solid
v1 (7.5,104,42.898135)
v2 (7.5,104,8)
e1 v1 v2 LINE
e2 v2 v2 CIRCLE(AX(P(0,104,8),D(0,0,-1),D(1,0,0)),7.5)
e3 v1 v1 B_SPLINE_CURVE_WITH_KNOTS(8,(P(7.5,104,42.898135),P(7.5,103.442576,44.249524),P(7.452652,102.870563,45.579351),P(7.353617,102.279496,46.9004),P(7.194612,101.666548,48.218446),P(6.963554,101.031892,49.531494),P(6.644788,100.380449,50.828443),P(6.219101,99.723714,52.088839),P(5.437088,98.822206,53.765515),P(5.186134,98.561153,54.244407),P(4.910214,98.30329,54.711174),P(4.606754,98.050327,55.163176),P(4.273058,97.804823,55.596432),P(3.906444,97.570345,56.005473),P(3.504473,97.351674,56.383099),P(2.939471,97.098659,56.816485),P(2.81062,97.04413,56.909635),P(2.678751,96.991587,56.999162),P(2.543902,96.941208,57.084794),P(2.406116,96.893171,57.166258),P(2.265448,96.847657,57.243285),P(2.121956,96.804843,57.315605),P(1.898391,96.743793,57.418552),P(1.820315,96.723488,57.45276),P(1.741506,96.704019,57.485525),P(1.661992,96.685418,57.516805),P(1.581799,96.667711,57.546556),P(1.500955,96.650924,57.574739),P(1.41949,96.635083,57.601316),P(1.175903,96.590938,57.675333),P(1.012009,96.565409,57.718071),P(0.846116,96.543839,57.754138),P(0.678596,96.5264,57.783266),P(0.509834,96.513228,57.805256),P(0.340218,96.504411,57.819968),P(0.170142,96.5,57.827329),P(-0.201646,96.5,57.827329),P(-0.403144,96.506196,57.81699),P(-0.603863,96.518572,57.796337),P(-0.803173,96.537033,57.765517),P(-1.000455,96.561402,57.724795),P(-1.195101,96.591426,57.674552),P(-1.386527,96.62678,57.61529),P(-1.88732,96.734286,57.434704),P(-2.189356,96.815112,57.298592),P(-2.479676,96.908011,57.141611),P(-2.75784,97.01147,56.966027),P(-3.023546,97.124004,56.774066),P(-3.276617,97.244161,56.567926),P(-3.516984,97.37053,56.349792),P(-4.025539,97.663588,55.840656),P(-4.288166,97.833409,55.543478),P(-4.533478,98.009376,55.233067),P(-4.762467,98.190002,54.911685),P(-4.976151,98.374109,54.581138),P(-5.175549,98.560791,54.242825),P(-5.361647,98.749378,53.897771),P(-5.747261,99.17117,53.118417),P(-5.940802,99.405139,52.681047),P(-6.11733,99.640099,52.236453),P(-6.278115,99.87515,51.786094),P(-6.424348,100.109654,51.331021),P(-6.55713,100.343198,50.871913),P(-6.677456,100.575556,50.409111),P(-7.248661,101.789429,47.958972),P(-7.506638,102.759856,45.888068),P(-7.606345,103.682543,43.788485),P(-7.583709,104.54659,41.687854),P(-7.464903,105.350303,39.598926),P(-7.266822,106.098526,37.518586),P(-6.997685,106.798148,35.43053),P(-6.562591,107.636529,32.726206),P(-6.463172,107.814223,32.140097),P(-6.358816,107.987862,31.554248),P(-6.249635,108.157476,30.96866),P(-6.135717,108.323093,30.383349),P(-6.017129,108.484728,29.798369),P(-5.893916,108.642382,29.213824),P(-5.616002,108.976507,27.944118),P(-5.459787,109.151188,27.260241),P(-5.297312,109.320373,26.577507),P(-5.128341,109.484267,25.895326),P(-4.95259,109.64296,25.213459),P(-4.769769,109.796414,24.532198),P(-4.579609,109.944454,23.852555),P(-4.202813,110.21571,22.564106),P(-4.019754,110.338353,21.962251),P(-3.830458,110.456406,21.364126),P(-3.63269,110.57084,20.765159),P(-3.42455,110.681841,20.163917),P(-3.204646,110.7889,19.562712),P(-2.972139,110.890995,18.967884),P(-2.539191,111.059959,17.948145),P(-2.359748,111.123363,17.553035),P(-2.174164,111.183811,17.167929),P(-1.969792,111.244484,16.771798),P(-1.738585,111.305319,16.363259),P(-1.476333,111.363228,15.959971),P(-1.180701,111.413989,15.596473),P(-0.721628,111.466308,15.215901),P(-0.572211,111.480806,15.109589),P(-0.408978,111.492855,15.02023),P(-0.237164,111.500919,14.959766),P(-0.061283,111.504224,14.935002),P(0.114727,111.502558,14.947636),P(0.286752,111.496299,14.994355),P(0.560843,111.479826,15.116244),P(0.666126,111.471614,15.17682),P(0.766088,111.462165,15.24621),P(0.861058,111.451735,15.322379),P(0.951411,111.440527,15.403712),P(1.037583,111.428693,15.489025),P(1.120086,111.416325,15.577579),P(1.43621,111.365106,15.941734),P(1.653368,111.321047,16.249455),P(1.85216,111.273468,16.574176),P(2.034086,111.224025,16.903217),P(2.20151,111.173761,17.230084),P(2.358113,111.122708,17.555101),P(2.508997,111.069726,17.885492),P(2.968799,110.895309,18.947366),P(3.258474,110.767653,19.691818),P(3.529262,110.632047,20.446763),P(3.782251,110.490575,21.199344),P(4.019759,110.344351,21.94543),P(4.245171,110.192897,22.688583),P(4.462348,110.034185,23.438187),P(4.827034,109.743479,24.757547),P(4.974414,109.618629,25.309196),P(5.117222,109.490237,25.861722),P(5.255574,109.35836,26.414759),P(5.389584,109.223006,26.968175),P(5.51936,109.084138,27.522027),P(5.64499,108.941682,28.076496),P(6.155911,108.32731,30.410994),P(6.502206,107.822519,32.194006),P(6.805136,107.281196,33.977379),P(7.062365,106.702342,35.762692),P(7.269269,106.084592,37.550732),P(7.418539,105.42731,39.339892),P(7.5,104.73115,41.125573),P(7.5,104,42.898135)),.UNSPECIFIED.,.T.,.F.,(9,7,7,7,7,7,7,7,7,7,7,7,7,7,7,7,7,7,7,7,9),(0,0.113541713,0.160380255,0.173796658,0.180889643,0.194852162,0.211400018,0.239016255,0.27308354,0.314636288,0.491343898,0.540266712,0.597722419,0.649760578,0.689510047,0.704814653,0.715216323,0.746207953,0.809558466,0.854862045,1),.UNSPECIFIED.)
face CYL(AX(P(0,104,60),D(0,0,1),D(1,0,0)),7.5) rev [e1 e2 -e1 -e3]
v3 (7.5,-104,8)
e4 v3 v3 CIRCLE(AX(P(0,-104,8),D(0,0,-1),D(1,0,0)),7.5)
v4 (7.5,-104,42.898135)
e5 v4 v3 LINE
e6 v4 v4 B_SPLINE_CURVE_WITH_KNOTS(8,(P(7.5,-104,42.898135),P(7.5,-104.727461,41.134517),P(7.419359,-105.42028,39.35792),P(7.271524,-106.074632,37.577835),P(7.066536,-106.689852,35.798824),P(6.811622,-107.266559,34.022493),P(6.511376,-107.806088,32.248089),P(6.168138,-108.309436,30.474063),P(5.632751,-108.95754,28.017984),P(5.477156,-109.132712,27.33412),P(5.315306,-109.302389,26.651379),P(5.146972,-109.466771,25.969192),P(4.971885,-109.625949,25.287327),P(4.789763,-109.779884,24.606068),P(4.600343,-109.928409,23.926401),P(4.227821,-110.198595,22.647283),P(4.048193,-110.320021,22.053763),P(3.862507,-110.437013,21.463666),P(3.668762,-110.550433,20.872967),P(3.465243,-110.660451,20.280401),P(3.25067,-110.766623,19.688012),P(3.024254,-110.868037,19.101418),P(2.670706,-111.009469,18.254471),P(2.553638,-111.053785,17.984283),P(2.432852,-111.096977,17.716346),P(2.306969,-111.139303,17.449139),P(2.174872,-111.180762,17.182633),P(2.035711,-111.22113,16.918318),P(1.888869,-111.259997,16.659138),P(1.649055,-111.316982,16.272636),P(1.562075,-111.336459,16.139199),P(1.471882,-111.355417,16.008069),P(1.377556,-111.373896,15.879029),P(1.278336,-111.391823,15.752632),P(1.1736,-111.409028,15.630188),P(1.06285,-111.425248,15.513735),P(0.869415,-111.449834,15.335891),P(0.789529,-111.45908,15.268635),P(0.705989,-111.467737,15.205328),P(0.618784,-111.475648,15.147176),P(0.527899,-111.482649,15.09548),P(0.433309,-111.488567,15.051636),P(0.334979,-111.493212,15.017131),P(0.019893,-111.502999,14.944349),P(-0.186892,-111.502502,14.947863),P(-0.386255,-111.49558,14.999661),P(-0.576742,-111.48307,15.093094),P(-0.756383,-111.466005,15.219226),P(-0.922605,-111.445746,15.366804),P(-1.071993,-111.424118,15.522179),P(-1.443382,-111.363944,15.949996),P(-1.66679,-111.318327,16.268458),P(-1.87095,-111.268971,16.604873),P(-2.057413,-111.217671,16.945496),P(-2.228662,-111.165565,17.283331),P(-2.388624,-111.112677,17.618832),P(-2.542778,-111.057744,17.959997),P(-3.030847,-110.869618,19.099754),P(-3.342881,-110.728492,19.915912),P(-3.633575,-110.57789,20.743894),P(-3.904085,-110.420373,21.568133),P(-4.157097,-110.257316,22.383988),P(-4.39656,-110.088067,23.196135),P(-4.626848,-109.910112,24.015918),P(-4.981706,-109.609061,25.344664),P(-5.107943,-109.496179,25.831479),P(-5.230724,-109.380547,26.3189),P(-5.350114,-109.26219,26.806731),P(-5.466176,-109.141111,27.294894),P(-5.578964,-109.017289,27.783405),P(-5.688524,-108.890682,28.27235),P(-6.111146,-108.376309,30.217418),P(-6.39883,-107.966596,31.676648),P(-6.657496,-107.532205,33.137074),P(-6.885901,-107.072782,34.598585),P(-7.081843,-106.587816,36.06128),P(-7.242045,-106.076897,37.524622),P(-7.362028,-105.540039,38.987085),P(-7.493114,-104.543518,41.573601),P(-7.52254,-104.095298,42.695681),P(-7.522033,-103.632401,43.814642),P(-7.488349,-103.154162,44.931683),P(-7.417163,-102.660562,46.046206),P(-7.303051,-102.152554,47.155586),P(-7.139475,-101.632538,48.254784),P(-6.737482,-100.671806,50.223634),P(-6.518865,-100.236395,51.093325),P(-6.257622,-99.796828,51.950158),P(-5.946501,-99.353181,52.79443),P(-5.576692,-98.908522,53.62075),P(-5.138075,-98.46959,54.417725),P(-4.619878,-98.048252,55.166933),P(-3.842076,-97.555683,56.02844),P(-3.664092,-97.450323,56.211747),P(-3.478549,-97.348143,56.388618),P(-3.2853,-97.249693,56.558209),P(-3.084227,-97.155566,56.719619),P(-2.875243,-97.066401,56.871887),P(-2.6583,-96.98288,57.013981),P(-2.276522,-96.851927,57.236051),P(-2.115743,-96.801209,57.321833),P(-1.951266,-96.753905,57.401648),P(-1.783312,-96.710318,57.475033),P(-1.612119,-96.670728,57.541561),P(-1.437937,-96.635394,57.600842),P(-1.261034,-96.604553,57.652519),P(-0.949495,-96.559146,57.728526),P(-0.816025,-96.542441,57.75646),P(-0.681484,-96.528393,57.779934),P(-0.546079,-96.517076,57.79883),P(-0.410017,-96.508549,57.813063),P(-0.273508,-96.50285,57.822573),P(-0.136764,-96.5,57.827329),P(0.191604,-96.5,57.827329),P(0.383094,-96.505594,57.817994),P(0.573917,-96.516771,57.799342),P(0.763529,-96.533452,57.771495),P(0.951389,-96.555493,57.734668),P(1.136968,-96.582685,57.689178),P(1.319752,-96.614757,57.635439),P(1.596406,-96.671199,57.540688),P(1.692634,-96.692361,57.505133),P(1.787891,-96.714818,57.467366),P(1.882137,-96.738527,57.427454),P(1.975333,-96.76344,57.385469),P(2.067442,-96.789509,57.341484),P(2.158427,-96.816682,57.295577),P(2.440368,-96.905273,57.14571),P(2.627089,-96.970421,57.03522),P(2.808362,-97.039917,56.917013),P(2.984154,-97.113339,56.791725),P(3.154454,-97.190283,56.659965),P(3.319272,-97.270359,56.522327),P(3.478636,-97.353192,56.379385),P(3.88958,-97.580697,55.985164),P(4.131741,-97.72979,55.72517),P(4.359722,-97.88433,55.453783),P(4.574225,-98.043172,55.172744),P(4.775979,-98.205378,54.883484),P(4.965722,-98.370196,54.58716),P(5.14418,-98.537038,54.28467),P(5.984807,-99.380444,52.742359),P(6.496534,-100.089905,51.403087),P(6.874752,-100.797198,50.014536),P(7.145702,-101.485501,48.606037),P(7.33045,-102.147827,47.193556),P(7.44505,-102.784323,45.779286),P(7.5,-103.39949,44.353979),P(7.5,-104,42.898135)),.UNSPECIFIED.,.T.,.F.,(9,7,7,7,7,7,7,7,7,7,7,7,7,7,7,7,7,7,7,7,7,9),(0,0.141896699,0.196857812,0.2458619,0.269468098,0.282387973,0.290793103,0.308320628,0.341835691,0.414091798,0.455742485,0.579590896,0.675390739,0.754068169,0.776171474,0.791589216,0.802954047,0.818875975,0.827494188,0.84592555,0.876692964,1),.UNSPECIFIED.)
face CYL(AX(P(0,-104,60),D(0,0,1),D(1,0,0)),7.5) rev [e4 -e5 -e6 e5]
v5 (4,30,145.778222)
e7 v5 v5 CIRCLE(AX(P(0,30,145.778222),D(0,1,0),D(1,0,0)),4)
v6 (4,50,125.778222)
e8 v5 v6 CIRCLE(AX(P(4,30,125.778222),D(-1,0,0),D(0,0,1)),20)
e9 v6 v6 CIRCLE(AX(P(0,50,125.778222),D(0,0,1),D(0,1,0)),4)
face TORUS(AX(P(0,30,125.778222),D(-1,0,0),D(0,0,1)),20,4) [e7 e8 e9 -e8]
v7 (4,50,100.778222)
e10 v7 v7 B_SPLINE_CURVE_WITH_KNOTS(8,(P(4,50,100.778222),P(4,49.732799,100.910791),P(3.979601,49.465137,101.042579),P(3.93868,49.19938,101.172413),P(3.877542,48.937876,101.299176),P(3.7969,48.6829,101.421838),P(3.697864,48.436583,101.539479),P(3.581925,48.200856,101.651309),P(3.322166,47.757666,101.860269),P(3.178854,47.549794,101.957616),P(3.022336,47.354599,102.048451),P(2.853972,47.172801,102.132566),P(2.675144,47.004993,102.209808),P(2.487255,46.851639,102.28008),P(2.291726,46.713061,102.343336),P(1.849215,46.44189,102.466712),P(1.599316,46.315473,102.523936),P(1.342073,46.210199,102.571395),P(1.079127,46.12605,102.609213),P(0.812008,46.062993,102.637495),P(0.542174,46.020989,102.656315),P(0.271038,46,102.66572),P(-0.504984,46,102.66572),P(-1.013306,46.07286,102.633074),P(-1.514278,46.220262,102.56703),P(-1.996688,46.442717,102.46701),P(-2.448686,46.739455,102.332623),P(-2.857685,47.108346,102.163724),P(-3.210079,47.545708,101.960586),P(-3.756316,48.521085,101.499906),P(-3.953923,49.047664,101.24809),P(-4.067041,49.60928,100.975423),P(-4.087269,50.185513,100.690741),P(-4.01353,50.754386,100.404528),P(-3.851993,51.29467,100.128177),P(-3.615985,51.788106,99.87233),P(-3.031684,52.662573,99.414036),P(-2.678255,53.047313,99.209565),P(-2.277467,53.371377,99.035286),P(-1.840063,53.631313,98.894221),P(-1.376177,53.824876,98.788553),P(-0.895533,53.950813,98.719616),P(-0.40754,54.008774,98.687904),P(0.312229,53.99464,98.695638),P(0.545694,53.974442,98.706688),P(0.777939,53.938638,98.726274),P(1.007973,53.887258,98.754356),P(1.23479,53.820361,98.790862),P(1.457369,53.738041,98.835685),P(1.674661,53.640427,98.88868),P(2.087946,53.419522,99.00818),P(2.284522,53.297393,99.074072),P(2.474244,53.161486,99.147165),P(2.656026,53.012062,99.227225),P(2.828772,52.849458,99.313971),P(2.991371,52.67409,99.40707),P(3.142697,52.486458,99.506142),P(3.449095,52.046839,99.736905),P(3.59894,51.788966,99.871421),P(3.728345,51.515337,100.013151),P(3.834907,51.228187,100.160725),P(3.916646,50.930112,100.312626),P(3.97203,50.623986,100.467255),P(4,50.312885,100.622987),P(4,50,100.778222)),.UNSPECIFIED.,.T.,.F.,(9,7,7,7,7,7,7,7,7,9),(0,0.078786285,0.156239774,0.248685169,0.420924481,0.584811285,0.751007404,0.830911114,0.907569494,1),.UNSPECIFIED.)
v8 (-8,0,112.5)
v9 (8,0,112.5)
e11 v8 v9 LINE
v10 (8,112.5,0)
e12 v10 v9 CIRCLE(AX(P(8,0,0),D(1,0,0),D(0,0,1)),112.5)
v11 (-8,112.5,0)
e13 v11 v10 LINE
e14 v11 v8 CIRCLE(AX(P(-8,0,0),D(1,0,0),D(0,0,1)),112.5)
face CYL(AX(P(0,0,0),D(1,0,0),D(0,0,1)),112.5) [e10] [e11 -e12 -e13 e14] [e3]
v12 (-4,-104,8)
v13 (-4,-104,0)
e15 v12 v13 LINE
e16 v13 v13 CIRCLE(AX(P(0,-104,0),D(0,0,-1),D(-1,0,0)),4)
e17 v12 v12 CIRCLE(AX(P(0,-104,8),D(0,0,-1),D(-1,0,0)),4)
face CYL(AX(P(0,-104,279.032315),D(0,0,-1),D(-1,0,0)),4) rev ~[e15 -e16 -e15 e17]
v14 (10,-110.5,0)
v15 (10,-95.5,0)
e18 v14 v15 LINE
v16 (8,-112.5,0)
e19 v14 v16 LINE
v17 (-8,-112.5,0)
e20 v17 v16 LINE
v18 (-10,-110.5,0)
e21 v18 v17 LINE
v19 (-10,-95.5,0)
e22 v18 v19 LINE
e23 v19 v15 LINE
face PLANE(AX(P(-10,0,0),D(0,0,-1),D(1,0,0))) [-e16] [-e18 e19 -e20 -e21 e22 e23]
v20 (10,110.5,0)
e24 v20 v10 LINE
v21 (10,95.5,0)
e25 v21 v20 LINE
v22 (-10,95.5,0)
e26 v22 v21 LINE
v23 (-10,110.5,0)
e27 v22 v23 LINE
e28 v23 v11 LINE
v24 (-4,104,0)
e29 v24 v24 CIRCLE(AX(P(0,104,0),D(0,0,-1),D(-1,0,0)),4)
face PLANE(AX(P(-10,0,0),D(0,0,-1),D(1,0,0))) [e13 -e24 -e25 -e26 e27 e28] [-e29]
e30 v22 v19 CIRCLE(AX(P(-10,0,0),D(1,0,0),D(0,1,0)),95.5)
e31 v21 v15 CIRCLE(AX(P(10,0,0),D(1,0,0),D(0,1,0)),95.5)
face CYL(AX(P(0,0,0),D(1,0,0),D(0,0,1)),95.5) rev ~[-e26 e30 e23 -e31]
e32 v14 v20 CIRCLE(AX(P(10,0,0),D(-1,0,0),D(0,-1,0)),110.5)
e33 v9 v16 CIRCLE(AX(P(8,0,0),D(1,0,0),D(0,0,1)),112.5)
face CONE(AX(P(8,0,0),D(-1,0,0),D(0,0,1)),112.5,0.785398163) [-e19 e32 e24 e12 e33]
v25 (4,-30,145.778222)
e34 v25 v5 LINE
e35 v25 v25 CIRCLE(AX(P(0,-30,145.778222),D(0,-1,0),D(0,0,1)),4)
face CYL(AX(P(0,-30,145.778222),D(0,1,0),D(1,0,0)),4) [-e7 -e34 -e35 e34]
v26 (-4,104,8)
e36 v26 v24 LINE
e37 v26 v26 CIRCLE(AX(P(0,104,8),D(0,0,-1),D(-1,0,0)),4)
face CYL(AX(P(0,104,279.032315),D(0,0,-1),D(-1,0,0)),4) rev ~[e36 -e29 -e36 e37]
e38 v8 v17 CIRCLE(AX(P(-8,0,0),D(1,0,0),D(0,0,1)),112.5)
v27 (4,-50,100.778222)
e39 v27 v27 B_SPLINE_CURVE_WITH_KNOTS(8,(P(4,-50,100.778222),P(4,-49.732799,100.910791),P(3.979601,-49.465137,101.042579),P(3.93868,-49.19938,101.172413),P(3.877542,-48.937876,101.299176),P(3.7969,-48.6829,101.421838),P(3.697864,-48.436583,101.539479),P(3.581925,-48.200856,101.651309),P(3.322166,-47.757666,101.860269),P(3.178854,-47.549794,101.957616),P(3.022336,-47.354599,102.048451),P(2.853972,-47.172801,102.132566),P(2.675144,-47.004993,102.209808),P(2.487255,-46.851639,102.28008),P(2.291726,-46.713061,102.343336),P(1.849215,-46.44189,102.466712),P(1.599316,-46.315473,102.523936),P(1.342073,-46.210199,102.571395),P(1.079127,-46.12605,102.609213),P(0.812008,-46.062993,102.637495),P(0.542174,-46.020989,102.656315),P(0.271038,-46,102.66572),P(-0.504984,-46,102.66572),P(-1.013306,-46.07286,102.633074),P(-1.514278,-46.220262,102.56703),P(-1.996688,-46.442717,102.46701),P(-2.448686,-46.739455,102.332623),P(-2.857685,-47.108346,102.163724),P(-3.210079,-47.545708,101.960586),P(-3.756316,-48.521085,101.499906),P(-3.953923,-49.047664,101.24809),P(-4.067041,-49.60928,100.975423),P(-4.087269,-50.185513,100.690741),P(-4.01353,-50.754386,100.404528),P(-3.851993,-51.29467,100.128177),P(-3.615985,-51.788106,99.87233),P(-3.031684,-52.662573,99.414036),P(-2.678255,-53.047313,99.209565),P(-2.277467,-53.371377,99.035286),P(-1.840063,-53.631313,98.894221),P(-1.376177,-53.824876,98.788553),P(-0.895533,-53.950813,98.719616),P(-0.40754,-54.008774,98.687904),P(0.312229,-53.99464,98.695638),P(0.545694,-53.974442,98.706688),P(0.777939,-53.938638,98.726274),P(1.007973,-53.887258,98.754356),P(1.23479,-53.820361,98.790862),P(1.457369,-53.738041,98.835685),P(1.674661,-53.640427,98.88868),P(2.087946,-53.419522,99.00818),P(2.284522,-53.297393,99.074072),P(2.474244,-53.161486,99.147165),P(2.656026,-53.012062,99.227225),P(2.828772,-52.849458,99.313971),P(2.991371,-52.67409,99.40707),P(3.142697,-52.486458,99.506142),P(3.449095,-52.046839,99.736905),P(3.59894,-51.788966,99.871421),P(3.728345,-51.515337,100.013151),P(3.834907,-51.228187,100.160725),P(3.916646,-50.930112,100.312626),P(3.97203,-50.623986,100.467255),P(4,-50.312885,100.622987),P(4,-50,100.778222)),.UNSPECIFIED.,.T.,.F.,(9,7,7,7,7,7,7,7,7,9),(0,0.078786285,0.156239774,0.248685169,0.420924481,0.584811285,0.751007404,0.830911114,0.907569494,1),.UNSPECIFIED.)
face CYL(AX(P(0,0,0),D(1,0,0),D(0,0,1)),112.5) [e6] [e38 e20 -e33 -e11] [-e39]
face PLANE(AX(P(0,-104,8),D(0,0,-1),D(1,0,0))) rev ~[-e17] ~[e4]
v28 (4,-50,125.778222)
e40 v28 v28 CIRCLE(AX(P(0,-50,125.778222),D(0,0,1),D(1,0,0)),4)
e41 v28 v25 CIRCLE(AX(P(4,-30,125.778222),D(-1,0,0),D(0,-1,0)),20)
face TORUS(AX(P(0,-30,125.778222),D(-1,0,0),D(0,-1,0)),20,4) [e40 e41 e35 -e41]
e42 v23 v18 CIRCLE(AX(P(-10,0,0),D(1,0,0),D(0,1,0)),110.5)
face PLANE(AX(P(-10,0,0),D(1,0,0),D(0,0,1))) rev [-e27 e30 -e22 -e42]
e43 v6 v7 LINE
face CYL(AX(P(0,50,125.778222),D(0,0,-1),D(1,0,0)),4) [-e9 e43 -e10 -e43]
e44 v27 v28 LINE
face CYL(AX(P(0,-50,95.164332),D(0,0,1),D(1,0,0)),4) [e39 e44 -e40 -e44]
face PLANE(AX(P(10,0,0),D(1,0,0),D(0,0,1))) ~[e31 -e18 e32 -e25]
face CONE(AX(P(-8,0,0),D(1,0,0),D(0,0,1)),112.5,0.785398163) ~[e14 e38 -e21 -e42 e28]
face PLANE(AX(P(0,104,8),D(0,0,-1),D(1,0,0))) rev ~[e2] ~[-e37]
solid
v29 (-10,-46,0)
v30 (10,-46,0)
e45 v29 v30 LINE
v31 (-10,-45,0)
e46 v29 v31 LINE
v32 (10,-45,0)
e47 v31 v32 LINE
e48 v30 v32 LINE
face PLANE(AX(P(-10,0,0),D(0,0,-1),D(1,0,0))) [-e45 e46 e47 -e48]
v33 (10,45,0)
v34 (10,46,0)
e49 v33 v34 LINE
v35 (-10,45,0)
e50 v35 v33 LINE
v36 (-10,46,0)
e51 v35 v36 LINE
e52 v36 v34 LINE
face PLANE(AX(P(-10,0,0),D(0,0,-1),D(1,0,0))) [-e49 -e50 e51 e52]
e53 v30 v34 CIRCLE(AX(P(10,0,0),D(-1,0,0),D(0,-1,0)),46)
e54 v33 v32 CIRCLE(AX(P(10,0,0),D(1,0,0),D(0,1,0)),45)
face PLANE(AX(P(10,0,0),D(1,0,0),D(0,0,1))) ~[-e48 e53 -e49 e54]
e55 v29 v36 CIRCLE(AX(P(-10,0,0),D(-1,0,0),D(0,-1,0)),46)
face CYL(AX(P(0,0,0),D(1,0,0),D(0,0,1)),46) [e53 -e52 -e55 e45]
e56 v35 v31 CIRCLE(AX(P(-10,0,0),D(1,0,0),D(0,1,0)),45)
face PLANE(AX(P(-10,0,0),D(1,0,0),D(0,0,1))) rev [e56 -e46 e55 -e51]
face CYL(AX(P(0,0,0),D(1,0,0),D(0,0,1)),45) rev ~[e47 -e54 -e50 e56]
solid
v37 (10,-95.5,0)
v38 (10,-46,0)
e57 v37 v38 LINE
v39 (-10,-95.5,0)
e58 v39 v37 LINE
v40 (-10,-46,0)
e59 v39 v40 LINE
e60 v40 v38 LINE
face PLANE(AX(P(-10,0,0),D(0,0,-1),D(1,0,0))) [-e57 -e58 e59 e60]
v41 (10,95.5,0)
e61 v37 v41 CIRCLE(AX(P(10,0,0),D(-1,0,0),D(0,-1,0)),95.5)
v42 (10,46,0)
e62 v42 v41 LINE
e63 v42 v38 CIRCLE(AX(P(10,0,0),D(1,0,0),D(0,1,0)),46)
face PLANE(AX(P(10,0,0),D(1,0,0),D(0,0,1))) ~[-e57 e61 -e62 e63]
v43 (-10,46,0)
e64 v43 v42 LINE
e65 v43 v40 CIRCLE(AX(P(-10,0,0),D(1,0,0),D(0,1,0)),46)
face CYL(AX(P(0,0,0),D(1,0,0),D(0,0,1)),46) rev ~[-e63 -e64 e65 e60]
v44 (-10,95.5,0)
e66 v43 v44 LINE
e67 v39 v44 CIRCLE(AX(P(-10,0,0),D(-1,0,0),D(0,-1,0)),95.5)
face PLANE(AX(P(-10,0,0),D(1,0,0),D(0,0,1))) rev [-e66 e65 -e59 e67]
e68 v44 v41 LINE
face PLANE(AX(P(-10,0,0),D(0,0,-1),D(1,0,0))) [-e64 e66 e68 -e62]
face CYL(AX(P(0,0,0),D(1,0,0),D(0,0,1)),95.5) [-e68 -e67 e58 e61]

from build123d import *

# Parameters (mm, degrees)
F0_W           = 20
F0_H           = 1
F2_W           = 20
F2_H           = 49.5
F4_W           = 20
F4_H           = 17
F8_R           = 4
F10_SIZE       = 2
F11_W          = 20
F11_H          = 115
F12_DEPTH      = 112.5010001
F12_DEPTH_BACK = 112.5010001
F14_R          = 7.5
F15_DEPTH      = 52
F17_D          = 8


with BuildPart() as f1:
    # F0 (on Front) → F1 (revolve)
    with BuildSketch(Plane.XZ):
        with Locations((0, 45.5)):
            Rectangle(F0_W, F0_H)
    revolve(axis=Axis((0, 0, 0), (1, 0, 0)))


with BuildPart() as f3:
    # F2 (on Front) → F3 (revolve)
    with BuildSketch(Plane.XZ):
        with Locations((0, 70.75)):
            Rectangle(F2_W, F2_H)
    revolve(axis=Axis((0, 0, 0), (1, 0, 0)))


with BuildPart() as f5:
    # F4 (on Front) → F5 (revolve)
    with BuildSketch(Plane.XZ):
        with Locations((0, 104)):
            Rectangle(F4_W, F4_H)
    revolve(axis=Axis((0, 0, 0), (1, 0, 0)))

    # F9: sweep along a path in F6
    with BuildLine(Plane.YZ) as f9_path:
        Line((-50, 95.1643315534), (-50, 125.7782218537))
        ThreePointArc((-50, 125.7782218537), (-44.1421356237, 139.9203574775), (-30, 145.7782218537))
        Line((-30, 145.7782218537), (30, 145.7782218537))
        ThreePointArc((30, 145.7782218537), (44.1421356237, 139.9203574775), (50, 125.7782218537))
        Line((50, 125.7782218537), (50, 95.1643315534))
    # F8 (on plane+point) → F9 (sweep)
    with BuildSketch(Plane.XY.offset(95.1643315534)):
        with Locations((0, -50)):
            Circle(F8_R)
    sweep(path=f9_path.line)

    # F10
    f10_edges = [f5.edges().sort_by_distance(p)[0] for p in [
        (10, 0, -112.5),
        (-10, 0, -112.5),
    ]]
    chamfer(f10_edges, length=F10_SIZE)


with BuildPart() as f12_tool:
    # F11 (on Front) → F12 (new body, two sides)
    with BuildSketch(Plane.XZ) as f12_sk:
        with Locations((0, -57.5)):
            Rectangle(F11_W, F11_H)
    extrude(amount=F12_DEPTH)
    extrude(f12_sk.sketch, amount=-F12_DEPTH_BACK)


with BuildPart() as f1_1:
    add(f1.part)

    # F12: cut by f12_tool
    add(f12_tool.part, mode=Mode.SUBTRACT)


with BuildPart() as f3_1:
    add(f3.part)

    # F12: cut by f12_tool
    add(f12_tool.part, mode=Mode.SUBTRACT)


with BuildPart() as f5_1:
    add(f5.part)

    # F12: cut by f12_tool
    add(f12_tool.part, mode=Mode.SUBTRACT)

    # F14 (on offset) → F15 (cut)
    with BuildSketch(Plane(origin=(0, 0, 60), x_dir=(1, 0, 0), z_dir=(0, 0, -1))):
        with Locations((0, 104)):
            Circle(F14_R)
        with Locations((0, -104)):
            Circle(F14_R)
    extrude(amount=F15_DEPTH, mode=Mode.SUBTRACT)

    # F17 (through all)
    with Locations(Plane.XY.offset(8)):
        with Locations((0, 104), (0, -104)):
            Hole(F17_D / 2)


solid = Compound([f1_1.part, f3_1.part, f5_1.part])
